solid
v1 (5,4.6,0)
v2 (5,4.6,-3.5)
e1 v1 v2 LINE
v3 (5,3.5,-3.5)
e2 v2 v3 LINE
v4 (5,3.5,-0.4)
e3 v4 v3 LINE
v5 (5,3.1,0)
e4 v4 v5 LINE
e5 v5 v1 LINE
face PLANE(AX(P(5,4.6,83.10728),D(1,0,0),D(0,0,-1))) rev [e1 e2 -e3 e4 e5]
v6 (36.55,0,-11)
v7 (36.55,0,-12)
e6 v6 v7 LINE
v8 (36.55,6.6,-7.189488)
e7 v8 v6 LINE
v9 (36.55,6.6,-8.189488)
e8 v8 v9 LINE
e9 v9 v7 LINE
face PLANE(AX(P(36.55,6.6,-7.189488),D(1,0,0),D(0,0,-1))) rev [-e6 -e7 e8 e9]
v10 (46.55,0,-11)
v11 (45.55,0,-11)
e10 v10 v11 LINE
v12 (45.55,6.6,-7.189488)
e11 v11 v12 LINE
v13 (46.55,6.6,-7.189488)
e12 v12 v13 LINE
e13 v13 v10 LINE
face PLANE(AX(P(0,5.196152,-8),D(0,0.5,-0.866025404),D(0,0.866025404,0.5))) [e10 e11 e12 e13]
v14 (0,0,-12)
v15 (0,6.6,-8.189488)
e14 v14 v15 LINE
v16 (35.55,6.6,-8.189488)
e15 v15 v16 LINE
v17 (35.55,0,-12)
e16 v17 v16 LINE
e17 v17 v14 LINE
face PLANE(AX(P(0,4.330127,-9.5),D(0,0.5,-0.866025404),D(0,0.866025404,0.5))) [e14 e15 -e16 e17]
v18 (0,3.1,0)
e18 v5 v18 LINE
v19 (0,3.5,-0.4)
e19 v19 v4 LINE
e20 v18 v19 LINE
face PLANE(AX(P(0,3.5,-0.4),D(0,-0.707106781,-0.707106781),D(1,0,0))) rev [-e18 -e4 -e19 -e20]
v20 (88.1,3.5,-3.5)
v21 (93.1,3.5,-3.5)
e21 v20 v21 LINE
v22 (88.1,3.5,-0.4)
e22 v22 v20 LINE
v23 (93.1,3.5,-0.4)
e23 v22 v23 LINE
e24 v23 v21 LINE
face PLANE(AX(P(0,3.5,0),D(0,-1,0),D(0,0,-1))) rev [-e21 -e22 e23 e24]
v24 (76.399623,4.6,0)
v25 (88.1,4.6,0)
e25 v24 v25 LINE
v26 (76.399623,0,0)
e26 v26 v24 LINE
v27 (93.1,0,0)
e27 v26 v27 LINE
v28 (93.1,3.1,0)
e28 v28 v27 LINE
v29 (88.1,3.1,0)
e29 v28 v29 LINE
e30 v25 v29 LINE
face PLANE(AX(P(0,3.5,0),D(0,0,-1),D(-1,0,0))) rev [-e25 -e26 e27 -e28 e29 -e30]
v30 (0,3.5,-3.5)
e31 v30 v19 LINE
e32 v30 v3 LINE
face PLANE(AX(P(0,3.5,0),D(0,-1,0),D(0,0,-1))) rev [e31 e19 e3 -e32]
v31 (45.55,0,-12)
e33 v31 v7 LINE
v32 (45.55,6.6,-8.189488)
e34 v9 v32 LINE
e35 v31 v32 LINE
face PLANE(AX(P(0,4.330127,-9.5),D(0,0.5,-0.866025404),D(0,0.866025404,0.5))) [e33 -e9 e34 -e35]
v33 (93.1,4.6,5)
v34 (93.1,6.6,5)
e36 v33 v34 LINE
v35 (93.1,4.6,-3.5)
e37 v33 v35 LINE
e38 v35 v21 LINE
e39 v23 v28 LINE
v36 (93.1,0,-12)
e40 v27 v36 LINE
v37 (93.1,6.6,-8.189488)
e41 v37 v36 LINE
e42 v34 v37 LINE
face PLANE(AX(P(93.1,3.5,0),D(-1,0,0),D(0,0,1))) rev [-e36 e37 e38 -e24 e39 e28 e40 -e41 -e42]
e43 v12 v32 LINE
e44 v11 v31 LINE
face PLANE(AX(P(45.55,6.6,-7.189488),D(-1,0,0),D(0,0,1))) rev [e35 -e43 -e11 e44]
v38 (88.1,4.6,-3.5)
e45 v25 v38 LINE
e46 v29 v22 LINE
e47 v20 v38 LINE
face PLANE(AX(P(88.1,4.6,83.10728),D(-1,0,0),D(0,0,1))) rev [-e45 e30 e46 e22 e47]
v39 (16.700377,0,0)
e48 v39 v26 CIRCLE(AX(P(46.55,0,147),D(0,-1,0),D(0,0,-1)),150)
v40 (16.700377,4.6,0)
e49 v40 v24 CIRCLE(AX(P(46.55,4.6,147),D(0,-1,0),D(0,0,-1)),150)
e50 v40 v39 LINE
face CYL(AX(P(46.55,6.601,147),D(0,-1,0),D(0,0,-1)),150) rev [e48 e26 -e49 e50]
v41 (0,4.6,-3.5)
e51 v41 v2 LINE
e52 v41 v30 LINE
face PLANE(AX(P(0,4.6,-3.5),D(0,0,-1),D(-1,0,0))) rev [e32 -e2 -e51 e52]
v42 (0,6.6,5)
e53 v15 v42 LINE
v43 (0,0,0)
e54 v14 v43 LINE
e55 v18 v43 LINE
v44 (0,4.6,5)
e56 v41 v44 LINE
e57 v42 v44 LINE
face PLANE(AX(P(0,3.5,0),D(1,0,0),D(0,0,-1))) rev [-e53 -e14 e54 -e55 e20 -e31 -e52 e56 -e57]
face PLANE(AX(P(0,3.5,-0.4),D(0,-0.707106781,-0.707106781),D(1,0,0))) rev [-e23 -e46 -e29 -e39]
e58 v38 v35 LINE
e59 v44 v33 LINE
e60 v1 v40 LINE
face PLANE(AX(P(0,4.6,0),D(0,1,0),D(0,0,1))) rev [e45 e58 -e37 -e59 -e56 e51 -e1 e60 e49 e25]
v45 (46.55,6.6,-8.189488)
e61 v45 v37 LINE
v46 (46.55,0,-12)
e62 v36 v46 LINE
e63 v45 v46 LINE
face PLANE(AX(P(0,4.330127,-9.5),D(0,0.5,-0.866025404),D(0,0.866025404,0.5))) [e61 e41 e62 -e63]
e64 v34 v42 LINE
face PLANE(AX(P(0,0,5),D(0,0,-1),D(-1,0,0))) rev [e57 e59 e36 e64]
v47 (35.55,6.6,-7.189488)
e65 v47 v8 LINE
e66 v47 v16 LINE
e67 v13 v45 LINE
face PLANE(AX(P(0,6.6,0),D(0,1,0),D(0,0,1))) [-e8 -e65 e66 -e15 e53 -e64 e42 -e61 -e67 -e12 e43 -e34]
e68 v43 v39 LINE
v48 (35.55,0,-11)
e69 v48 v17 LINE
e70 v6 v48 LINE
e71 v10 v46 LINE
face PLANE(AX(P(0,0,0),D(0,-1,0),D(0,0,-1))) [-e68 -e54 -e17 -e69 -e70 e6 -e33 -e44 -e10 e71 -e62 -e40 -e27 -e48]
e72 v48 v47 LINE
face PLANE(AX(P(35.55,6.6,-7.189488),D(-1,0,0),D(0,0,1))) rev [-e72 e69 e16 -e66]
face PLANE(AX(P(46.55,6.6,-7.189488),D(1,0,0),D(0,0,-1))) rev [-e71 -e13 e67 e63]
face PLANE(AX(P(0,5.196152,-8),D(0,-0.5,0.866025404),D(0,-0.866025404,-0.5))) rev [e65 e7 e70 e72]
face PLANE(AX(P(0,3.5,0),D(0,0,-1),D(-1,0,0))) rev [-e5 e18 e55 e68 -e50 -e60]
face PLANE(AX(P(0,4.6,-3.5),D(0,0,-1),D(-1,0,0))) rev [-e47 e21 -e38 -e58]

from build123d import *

# Parameters (mm, degrees)
SKETCH_2_W                  = 93.1
SKETCH_2_H                  = 10
EXTRUDE_1_DEPTH             = 3.5
SKETCH_4_W                  = 93.1
SKETCH_4_H                  = 6.5
EXTRUDE_2_DEPTH             = 1.1
SKETCH_5_W                  = 93.1
SKETCH_5_H                  = 10
EXTRUDE_3_DEPTH             = 2
CUT_EXTRUDE_1_DEPTH         = 94.867832616
SKETCH_7_W                  = 83.1
SKETCH_7_H                  = 1.1
EXTRUDE_4_DEPTH             = 3.5
CHAMFER_1_SIZE              = 0.4
CUT_EXTRUDE_2_REACH         = 95.868
SKETCH_8_R                  = 150
SKETCH_9_W                  = 93.1
SKETCH_9_H                  = 2
EXTRUDE_5_DEPTH             = 5
EXTRUDE_5_DIRECTION_2_REACH = 95.868
SKETCH_10_W                 = 93.1
SKETCH_10_H                 = 7.621023553
EXTRUDE_6_DEPTH             = 2
SKETCH_11_W                 = 1
SKETCH_11_H                 = 7.621023553
CUT_EXTRUDE_3_DEPTH         = 1


with BuildPart() as part:
    # 草图2 → 凸台-拉伸1 (new body)
    with BuildSketch(Plane(origin=(0, 0, 0), x_dir=(1, 0, 0), z_dir=(0, 1, 0))):
        with Locations((46.55, 5)):
            Rectangle(SKETCH_2_W, SKETCH_2_H)
    extrude(amount=EXTRUDE_1_DEPTH)

    # 草图4 → 凸台-拉伸2 (add)
    with BuildSketch(Plane(origin=(0, 3.5, 0), x_dir=(1, 0, 0), z_dir=(0, 1, 0))):
        with Locations((46.55, 6.75)):
            Rectangle(SKETCH_4_W, SKETCH_4_H)
    extrude(amount=EXTRUDE_2_DEPTH)

    # 草图5 → 凸台-拉伸3 (add)
    with BuildSketch(Plane(origin=(0, 4.6, 0), x_dir=(1, 0, 0), z_dir=(0, 1, 0))):
        with Locations((46.55, 5)):
            Rectangle(SKETCH_5_W, SKETCH_5_H)
    extrude(amount=EXTRUDE_3_DEPTH)

    # 草图6 → 切除-拉伸1 (cut, through all)
    with BuildSketch(Plane.ZY):
        Polygon((-10, 0), (-6.189488223, 6.6), (-10, 6.6), align=None)
    extrude(amount=-CUT_EXTRUDE_1_DEPTH, mode=Mode.SUBTRACT)

    # 草图7 → 凸台-拉伸4 (add)
    with BuildSketch(Plane.XY.offset(-3.5)):
        with Locations((46.55, 4.05)):
            Rectangle(SKETCH_7_W, SKETCH_7_H)
    extrude(amount=EXTRUDE_4_DEPTH)

    # 倒角1
    chamfer_1_edges = [part.edges().sort_by_distance(p)[0] for p in [
        (90.6, 3.5, 0),
        (2.5, 3.5, 0),
    ]]
    chamfer(chamfer_1_edges, length=CHAMFER_1_SIZE)

    # 草图8 → 切除-拉伸2 (cut, up to next)
    with BuildSketch(Plane.XZ, mode=Mode.PRIVATE) as cut_extrude_2_sk1:
        with Locations((46.55, 147)):
            Circle(SKETCH_8_R)
    cut_extrude_2_tool1 = extrude(cut_extrude_2_sk1.sketch, amount=-CUT_EXTRUDE_2_REACH, mode=Mode.PRIVATE) & part.part
    add(cut_extrude_2_tool1.solids().sort_by_distance((46.55, 0, 147))[0], mode=Mode.SUBTRACT)

    # 草图9 → 凸台-拉伸5 (add)
    with BuildSketch(Plane.XY):
        with Locations((46.55, 5.6)):
            Rectangle(SKETCH_9_W, SKETCH_9_H)
    extrude(amount=EXTRUDE_5_DEPTH)

    # 草图9 → 凸台-拉伸5 direction 2 (add, up to next)
    with BuildSketch(Plane.XY, mode=Mode.PRIVATE) as extrude_5_direction_2_sk1:
        with Locations((46.55, 5.6)):
            Rectangle(SKETCH_9_W, SKETCH_9_H)
    extrude_5_direction_2_tool1 = extrude(extrude_5_direction_2_sk1.sketch, amount=-EXTRUDE_5_DIRECTION_2_REACH, mode=Mode.PRIVATE) - part.part
    add(extrude_5_direction_2_tool1.solids().sort_by_distance((46.55, 5.6, 0))[0])

    # 草图10 → 凸台-拉伸6 (add, along a direction that is not the sketch's normal)
    with BuildSketch(Plane(origin=(0, 4.330127019, -7.5), x_dir=(-1, 0, 0), z_dir=(0, 0.4999999999999947, -0.8660254037844417))):
        with Locations((-46.55, -1.189488223)):
            Rectangle(SKETCH_10_W, SKETCH_10_H)
    extrude(amount=EXTRUDE_6_DEPTH, dir=(0, 0, -1))

    # 草图11 → 切除-拉伸3 (cut, along a direction that is not the sketch's normal)
    with BuildSketch(Plane(origin=(0, 5.196152423, -9), x_dir=(-1, 0, 0), z_dir=(0, 0.49999999999999484, -0.8660254037844418))):
        with Locations((-46.05, -2.189488223)):
            Rectangle(SKETCH_11_W, SKETCH_11_H)
        with Locations((-36.05, -2.189488223)):
            Rectangle(SKETCH_11_W, SKETCH_11_H)
    extrude(amount=-CUT_EXTRUDE_3_DEPTH, dir=(0, 0, -1), mode=Mode.SUBTRACT)


solid = part.part
